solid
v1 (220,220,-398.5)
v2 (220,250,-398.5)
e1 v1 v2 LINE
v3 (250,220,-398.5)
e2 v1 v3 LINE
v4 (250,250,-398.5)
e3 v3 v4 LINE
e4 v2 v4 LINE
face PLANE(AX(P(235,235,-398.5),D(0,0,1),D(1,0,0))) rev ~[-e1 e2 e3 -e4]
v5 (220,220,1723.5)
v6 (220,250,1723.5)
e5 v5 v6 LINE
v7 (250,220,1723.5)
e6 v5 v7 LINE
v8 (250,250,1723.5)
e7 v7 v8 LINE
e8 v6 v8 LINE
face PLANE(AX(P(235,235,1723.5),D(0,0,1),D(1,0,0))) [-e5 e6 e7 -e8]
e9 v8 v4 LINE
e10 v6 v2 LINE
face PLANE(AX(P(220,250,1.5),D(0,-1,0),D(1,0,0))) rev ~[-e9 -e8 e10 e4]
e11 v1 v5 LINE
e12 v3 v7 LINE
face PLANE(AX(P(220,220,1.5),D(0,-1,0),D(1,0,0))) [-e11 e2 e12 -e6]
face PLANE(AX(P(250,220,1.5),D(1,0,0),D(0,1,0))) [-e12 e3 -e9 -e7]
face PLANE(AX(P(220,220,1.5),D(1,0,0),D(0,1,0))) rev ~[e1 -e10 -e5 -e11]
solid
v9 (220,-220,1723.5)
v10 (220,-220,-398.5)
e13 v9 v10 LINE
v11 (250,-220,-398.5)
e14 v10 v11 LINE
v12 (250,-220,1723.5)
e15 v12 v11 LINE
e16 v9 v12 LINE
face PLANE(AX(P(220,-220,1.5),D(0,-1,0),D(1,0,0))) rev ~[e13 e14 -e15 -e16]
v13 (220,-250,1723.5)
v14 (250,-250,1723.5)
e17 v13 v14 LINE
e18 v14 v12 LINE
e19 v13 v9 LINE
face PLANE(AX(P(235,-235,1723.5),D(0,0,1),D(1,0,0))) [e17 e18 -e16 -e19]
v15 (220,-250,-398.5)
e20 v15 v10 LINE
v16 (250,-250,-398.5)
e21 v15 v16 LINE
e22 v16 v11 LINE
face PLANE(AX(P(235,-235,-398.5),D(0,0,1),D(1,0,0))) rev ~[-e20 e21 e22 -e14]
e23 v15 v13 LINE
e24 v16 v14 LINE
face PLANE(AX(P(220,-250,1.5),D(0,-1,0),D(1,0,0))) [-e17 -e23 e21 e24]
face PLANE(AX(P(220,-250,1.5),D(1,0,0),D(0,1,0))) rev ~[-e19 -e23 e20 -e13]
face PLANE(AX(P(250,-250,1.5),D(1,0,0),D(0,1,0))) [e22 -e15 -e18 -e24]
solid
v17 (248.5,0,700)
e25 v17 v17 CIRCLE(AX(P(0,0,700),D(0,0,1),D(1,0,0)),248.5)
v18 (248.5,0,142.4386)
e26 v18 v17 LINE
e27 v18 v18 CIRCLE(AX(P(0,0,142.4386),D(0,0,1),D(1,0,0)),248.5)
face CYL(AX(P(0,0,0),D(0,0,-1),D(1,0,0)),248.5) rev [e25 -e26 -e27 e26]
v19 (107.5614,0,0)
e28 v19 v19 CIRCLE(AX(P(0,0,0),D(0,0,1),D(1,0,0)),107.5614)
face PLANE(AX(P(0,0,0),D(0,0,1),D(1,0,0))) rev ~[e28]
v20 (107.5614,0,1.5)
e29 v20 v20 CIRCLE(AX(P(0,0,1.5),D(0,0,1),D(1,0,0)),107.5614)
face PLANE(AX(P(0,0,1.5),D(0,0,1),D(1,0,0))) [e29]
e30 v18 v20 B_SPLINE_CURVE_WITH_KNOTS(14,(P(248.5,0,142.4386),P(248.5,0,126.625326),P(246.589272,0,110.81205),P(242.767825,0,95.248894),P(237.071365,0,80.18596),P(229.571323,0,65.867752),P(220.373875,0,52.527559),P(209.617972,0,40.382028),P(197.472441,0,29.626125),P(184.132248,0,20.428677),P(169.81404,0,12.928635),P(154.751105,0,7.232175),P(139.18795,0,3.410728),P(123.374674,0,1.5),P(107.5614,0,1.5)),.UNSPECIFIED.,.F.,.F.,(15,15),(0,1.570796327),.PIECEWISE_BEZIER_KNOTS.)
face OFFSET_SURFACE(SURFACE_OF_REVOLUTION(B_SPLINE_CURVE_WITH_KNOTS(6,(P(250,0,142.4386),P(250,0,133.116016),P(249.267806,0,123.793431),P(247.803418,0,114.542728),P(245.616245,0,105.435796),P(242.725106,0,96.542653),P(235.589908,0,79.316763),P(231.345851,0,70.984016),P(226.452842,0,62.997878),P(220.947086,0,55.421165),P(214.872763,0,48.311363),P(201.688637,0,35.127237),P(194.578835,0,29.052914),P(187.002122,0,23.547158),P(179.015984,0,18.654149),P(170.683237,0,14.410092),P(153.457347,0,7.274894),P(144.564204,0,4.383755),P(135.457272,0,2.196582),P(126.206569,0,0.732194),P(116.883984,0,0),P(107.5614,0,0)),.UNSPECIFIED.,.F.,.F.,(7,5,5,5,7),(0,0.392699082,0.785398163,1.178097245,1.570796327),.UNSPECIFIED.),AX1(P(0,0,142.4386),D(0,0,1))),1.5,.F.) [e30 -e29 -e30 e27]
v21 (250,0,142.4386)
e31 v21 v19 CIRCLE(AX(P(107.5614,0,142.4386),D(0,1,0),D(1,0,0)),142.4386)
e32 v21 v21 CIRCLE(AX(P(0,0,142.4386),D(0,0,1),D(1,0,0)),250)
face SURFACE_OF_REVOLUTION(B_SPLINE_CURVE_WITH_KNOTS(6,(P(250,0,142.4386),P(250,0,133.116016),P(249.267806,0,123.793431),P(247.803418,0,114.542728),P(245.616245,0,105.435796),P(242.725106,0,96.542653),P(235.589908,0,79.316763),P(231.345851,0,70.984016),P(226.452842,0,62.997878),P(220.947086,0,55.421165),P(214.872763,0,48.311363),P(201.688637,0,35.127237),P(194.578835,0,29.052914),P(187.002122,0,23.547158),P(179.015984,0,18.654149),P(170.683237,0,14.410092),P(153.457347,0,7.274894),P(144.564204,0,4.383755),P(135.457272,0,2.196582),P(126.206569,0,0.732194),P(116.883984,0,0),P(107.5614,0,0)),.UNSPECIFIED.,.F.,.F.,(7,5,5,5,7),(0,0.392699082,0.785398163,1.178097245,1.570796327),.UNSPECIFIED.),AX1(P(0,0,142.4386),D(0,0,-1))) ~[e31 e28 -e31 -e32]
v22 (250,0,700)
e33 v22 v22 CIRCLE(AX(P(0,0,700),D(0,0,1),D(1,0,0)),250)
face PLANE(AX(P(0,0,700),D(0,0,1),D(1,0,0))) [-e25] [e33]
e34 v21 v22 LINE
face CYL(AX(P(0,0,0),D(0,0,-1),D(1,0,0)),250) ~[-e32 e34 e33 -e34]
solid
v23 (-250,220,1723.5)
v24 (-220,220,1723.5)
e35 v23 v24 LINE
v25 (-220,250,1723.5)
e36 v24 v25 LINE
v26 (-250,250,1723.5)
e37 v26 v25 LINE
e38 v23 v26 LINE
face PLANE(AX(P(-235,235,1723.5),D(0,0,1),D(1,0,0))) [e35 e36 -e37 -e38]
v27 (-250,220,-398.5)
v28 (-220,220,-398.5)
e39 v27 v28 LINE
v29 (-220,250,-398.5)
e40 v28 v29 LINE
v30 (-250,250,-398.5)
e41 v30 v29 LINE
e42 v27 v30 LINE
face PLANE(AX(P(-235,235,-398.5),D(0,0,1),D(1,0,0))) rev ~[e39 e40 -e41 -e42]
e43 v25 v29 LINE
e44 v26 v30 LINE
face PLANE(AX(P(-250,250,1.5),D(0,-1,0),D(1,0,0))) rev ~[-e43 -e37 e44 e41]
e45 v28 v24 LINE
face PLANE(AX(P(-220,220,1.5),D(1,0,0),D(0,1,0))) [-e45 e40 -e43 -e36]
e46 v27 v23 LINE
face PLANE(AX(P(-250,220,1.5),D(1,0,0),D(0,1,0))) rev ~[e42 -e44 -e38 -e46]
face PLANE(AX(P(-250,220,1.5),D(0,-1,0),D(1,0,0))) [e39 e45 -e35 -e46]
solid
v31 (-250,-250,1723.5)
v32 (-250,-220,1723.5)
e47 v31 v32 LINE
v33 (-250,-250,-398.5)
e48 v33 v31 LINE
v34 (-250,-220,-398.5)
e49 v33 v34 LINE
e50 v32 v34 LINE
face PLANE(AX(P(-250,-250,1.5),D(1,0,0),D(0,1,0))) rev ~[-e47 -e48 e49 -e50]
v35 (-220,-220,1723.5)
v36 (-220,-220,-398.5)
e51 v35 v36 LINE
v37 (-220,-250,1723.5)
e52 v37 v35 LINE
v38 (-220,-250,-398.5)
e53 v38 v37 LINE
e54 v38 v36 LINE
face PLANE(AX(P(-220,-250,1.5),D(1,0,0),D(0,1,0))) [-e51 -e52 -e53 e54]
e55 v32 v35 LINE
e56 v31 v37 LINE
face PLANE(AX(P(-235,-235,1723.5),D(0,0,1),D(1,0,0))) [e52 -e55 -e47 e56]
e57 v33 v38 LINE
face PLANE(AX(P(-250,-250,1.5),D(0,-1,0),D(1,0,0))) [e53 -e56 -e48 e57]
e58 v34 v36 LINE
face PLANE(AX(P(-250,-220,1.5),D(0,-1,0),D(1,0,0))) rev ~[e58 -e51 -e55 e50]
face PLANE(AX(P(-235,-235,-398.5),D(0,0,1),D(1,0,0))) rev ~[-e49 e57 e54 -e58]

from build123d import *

# Parameters (mm, degrees)
F0_R     = 250
F1_DEPTH = 700
F2_R     = 142.43860018
F3_T     = -1.5
F4_W     = 30
F4_H     = 30
F5_DEPTH = 1722
F6_DEPTH = 400


with BuildPart() as f1:
    # F0 (on Top) → F1 (new body)
    with BuildSketch(Plane.XY):
        Circle(F0_R)
    extrude(amount=F1_DEPTH)

    # F2
    f2_edges = [f1.edges().sort_by_distance(p)[0] for p in [
        (-250, 0, 0),
    ]]
    fillet(f2_edges, radius=F2_R)

    # F3
    f3_openings = [f1.faces().sort_by_distance(p)[0] for p in [
        (0, 0, 700),
    ]]
    offset(amount=F3_T, openings=f3_openings)


with BuildPart() as f5:
    # F4 (on face) → F5 (new body)
    with BuildSketch(Plane.XY.offset(1.5)):
        with Locations((-235, -235)):
            Rectangle(F4_W, F4_H)
    extrude(amount=F5_DEPTH)

    # F6 (add): a face of the model
    f6_faces = [f5.faces().sort_by_distance(p)[0] for p in [
        (-235, -235, 1.5),
    ]]
    extrude(f6_faces, amount=F6_DEPTH)


with BuildPart() as f5b:
    # F4 (on face) → F5, piece 2 (new body)
    with BuildSketch(Plane.XY.offset(1.5)):
        with Locations((235, -235)):
            Rectangle(F4_W, F4_H)
    extrude(amount=F5_DEPTH)

    # F6#2 (add): a face of the model
    f6_2_faces = [f5b.faces().sort_by_distance(p)[0] for p in [
        (235, -235, 1.5),
    ]]
    extrude(f6_2_faces, amount=F6_DEPTH)


with BuildPart() as f5c:
    # F4 (on face) → F5, piece 3 (new body)
    with BuildSketch(Plane.XY.offset(1.5)):
        with Locations((-235, 235)):
            Rectangle(F4_W, F4_H)
    extrude(amount=F5_DEPTH)

    # F6#4 (add): a face of the model
    f6_4_faces = [f5c.faces().sort_by_distance(p)[0] for p in [
        (-235, 235, 1.5),
    ]]
    extrude(f6_4_faces, amount=F6_DEPTH)


with BuildPart() as f5d:
    # F4 (on face) → F5, piece 4 (new body)
    with BuildSketch(Plane.XY.offset(1.5)):
        with Locations((235, 235)):
            Rectangle(F4_W, F4_H)
    extrude(amount=F5_DEPTH)

    # F6#3 (add): a face of the model
    f6_3_faces = [f5d.faces().sort_by_distance(p)[0] for p in [
        (235, 235, 1.5),
    ]]
    extrude(f6_3_faces, amount=F6_DEPTH)


solid = Compound([f1.part, f5.part, f5b.part, f5c.part, f5d.part])
